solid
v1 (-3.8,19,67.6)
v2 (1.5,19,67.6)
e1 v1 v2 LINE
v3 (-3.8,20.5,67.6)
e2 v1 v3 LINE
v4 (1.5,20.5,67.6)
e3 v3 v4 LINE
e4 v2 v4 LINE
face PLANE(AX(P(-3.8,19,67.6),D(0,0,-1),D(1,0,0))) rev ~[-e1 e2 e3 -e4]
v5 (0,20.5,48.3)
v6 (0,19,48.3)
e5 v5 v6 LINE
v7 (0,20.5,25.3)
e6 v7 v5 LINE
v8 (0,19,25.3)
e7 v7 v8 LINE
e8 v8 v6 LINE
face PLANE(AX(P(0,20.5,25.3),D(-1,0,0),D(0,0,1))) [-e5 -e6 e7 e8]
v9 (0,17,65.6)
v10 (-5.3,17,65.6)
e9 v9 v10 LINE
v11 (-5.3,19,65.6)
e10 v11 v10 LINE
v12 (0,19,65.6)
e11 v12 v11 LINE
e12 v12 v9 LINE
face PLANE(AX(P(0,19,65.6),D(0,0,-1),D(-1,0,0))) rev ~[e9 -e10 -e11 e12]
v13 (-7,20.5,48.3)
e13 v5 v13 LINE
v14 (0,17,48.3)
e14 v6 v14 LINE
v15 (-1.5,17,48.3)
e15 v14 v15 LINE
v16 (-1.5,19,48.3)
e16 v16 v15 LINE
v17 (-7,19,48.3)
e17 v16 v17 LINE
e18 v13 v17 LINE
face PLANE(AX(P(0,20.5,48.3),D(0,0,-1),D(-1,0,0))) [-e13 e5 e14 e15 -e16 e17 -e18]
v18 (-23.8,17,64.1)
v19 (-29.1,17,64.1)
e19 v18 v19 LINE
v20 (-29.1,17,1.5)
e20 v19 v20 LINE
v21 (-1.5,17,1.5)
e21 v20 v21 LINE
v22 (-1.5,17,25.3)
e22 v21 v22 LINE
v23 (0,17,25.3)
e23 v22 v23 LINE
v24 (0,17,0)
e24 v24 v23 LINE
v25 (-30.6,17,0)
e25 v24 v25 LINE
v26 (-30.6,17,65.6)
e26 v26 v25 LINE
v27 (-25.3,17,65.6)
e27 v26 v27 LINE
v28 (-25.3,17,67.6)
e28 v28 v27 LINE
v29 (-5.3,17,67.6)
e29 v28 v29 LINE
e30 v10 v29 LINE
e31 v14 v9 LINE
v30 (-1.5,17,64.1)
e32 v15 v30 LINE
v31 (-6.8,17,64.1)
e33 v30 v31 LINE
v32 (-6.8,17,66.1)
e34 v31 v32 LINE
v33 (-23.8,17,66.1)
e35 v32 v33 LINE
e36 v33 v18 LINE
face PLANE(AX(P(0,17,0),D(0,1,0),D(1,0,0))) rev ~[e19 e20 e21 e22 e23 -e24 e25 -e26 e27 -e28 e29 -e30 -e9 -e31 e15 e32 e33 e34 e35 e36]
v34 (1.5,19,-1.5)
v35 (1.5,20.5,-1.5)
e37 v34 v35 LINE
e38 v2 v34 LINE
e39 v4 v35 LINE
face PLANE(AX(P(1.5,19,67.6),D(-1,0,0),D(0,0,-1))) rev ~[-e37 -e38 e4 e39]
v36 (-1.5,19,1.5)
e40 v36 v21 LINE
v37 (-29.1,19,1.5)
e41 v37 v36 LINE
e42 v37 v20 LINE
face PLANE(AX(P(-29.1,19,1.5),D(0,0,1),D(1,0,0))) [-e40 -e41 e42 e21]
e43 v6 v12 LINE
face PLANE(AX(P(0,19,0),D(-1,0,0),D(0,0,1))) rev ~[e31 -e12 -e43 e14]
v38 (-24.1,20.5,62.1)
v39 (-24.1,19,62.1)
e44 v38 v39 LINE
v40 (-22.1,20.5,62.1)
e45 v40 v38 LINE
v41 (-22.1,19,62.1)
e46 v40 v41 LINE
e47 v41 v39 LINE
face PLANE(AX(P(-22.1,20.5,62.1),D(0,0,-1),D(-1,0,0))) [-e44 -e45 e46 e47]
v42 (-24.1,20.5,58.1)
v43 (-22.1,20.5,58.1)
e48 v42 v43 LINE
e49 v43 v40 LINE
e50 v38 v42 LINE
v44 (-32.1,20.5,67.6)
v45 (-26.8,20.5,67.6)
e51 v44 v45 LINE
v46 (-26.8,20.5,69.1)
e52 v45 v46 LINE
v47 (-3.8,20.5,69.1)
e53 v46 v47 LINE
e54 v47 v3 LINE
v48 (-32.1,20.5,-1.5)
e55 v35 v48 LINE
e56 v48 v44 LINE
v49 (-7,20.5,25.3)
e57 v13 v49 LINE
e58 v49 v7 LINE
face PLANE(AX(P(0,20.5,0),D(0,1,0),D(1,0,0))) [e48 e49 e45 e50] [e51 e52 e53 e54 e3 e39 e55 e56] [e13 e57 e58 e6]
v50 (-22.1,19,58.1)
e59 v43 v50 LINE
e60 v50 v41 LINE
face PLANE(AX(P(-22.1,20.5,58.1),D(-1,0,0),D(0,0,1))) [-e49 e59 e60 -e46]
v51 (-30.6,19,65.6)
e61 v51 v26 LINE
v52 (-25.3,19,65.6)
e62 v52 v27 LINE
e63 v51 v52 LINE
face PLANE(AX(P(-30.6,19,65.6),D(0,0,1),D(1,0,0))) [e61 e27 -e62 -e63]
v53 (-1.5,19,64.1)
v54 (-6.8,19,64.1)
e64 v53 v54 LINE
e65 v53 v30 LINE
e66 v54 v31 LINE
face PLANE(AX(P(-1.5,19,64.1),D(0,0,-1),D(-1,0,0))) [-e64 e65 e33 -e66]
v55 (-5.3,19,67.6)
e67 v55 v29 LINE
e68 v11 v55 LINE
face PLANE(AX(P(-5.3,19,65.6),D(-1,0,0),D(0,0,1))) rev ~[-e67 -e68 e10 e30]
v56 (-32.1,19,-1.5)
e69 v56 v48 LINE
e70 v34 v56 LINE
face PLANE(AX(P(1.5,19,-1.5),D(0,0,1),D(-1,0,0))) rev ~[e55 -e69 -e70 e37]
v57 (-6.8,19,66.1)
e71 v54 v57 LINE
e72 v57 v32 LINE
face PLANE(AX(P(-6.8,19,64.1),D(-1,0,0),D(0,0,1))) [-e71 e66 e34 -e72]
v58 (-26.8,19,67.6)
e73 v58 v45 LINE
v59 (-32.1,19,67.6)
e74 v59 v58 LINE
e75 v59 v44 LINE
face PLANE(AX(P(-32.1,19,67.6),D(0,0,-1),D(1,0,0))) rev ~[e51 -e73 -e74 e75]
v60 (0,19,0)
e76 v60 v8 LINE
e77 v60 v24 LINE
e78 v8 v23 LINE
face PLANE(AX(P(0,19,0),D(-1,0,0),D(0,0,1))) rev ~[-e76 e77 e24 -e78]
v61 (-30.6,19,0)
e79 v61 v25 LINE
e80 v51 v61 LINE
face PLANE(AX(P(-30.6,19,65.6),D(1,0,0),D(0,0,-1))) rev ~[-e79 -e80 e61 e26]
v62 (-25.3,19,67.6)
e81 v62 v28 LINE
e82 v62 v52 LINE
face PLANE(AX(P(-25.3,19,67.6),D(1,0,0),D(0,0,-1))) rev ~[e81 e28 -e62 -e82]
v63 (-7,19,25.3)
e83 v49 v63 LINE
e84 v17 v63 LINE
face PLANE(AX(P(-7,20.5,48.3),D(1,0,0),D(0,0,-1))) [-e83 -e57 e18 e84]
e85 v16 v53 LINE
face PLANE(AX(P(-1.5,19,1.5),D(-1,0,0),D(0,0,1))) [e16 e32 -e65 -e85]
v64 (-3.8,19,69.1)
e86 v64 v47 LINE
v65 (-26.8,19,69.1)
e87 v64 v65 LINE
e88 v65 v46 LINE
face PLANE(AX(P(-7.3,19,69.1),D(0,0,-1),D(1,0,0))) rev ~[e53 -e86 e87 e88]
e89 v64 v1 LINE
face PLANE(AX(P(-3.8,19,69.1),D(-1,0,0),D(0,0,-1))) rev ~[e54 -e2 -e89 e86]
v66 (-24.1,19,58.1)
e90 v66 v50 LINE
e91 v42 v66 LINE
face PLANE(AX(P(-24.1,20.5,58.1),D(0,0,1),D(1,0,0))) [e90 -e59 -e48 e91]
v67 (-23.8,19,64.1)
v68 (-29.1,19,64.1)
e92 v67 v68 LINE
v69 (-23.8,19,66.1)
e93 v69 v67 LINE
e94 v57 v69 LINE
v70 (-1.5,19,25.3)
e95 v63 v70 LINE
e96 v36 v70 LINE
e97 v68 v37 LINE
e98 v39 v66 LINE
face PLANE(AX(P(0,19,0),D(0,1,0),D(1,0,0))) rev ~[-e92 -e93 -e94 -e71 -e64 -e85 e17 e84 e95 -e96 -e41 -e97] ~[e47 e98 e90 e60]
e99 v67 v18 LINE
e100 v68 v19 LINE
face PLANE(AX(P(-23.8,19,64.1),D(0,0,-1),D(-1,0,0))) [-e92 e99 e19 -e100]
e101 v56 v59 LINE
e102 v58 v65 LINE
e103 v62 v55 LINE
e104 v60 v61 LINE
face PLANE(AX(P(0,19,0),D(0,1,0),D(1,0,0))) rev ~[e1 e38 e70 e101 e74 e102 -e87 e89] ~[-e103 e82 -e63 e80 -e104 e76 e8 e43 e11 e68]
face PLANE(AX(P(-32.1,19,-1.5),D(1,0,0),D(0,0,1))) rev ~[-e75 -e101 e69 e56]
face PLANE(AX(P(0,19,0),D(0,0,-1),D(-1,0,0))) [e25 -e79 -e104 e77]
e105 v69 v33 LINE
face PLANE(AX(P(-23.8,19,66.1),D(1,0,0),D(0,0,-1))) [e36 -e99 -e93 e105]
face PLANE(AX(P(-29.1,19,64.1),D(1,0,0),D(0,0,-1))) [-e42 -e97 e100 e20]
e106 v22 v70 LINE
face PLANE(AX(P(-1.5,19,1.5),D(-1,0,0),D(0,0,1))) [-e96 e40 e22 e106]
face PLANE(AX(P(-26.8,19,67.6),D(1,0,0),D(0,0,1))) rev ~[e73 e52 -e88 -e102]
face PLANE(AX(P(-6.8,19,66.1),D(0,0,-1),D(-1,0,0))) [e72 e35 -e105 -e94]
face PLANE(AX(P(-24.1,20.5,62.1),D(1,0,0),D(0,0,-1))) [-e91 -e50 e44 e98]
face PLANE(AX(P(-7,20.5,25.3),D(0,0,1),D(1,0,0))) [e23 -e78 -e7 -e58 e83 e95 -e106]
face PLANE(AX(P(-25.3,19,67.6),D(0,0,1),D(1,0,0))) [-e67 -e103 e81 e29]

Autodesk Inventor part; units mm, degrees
ref_plane "YZ Plane" through (0, 0, 0) normal (1, 0, 0) x (0, 1, 0)
ref_plane "XZ Plane" through (0, 0, 0) normal (0, 1, 0) x (-1, 0, 0)
ref_plane "XY Plane" through (0, 0, 0) normal (0, 0, 1) x (1, 0, 0)
ref_plane "Płaszczyzna konstrukcyjna1" through (0, 19, 0) normal (0, 1, 0) x (1, 0, 0)
sketch "Szkic21" plane through (0, 19, 0) normal (0, 1, 0) x (1, 0, 0)
  line L0 (-5.3, -65.6) -> (-5.3, -67.6) projected
  line L1 (-25.3, -67.6) -> (-5.3, -67.6)
  line L2 (0, -65.6) -> (-5.3, -65.6) projected
  line L3 (-5.3, -67.6) -> (-5.3, -65.6)
  line L4 (-5.3, -65.6) -> (0, -65.6)
  line L5 (0, 0) -> (0, -65.6) projected
  line L6 (0, -65.6) -> (0, 0)
  line L7 (-30.6, -65.6) -> (-30.6, 0) projected
  line L8 (0, 0) -> (-30.6, 0)
  line L9 (-30.6, 0) -> (-30.6, -65.6)
  line L10 (-25.3, -67.6) -> (-25.3, -65.6) projected
  line L11 (-30.6, -65.6) -> (-25.3, -65.6)
  line L12 (-25.3, -65.6) -> (-25.3, -67.6)
  line L13 (-30.6, -65.6) -> (-29.1, -65.6) construction
  line L14 (-29.1, -65.6) -> (-29.1, -64.1) construction
  line L15 (-29.1, -64.1) -> (-30.6, -64.1) construction
  line L16 (-30.6, -64.1) -> (-30.6, -65.6) construction
  line L17 (-30.6, 0) -> (-29.1, 0) construction
  line L18 (-29.1, 0) -> (-29.1, -1.5) construction
  line L19 (-29.1, -1.5) -> (-30.6, -1.5) construction
  line L20 (-30.6, -1.5) -> (-30.6, 0) construction
  line L21 (0, 0) -> (-1.5, 0) construction
  line L22 (-1.5, 0) -> (-1.5, -1.5) construction
  line L23 (-1.5, -1.5) -> (0, -1.5) construction
  line L24 (0, -1.5) -> (0, 0) construction
  line L25 (0, -65.6) -> (-1.5, -65.6) construction
  line L26 (-1.5, -65.6) -> (-1.5, -64.1) construction
  line L27 (-1.5, -64.1) -> (0, -64.1) construction
  line L28 (0, -64.1) -> (0, -65.6) construction
  line L29 (-5.3, -65.6) -> (-6.8, -65.6) construction
  line L30 (-6.8, -65.6) -> (-6.8, -64.1) construction
  line L31 (-6.8, -64.1) -> (-5.3, -64.1) construction
  line L32 (-5.3, -64.1) -> (-5.3, -65.6) construction
  line L33 (-5.3, -67.6) -> (-6.8, -67.6) construction
  line L34 (-6.8, -67.6) -> (-6.8, -66.1) construction
  line L35 (-6.8, -66.1) -> (-5.3, -66.1) construction
  line L36 (-5.3, -66.1) -> (-5.3, -67.6) construction
  line L37 (-21.8, -67.6) -> (-25.3, -67.6) construction
  line L38 (-25.3, -67.6) -> (-23.8, -67.6) construction
  line L39 (-23.8, -67.6) -> (-23.8, -66.1) construction
  line L40 (-23.8, -66.1) -> (-25.3, -66.1) construction
  line L41 (-25.3, -66.1) -> (-25.3, -67.6) construction
  line L42 (-25.3, -65.6) -> (-23.8, -65.6) construction
  line L43 (-23.8, -65.6) -> (-23.8, -64.1) construction
  line L44 (-23.8, -64.1) -> (-25.3, -64.1) construction
  line L45 (-25.3, -64.1) -> (-25.3, -65.6) construction
  line L46 (-29.1, -64.1) -> (-29.1, -1.5)
  line L47 (-29.1, -1.5) -> (-1.5, -1.5)
  line L48 (-1.5, -1.5) -> (-1.5, -64.1)
  line L49 (-1.5, -64.1) -> (-6.8, -64.1)
  line L50 (-6.8, -64.1) -> (-6.8, -66.1)
  line L51 (-6.8, -66.1) -> (-23.8, -66.1)
  line L52 (-23.8, -66.1) -> (-23.8, -64.1)
  line L53 (-23.8, -64.1) -> (-29.1, -64.1)
  dimension "d115" = 1.5
  dimension "d116" = 1.5
  dimension "d117" = 1.5
  dimension "d118" = 1.5
  dimension "d119" = 1.5
  dimension "d120" = 1.5
  dimension "d121" = 1.5
  dimension "d122" = 1.5
  dimension "d123" = 1.5
  dimension "d124" = 1.5
  dimension "d125" = 1.5
  dimension "d126" = 1.5
  dimension "d127" = 1.5
  dimension "d128" = 1.5
  dimension "d129" = 1.5
  dimension "d130" = 1.5
extrude "Wyciągnięcie proste19" add sketch "Szkic21" against normal blind 2
ref_plane "Płaszczyzna konstrukcyjna3" through (0, 19, 0) normal (0, 1, 0) x (1, 0, 0)
sketch "Szkic22" plane through (0, 19, 0) normal (0, 1, 0) x (1, 0, 0)
  line L0 (1.5, -67.6) -> (1.5, 1.5) projected
  line L1 (1.5, -67.6) -> (1.5, 1.5)
  line L2 (1.5, 1.5) -> (-32.1, 1.5) projected
  line L3 (1.5, 1.5) -> (-32.1, 1.5)
  line L4 (-32.1, -67.6) -> (-26.8, -67.6) projected
  line L5 (-32.1, 1.5) -> (-32.1, -67.6)
  line L6 (-32.1, -67.6) -> (-26.8, -67.6)
  line L7 (-26.8, -69.1) -> (-23.3, -69.1) projected
  line L8 (-26.8, -67.6) -> (-26.8, -69.1)
  line L9 (-7.3, -69.1) -> (-3.8, -69.1) projected
  line L10 (-26.8, -69.1) -> (-3.8, -69.1)
  line L11 (-3.8, -69.1) -> (-3.8, -67.6)
  line L12 (-3.8, -67.6) -> (1.5, -67.6) projected
  line L13 (-3.8, -67.6) -> (1.5, -67.6)
  point P0 (0, 0)
extrude "Wyciągnięcie proste20" add sketch "Szkic22" along normal blind 1.5
ref_plane "Płaszczyzna konstrukcyjna2" through (0, 24, 0) normal (0, 1, 0) x (1, 0, 0)
ref_plane "Płaszczyzna konstrukcyjna5" through (0, 24, 0) normal (0, 1, 0) x (1, 0, 0)
ref_plane "Płaszczyzna konstrukcyjna6" through (0, 24, 0) normal (0, 1, 0) x (1, 0, 0)
ref_plane "Płaszczyzna konstrukcyjna4" through (0, 20.5, 0) normal (0, 1, 0) x (1, 0, 0)
sketch "Szkic26" plane through (0, 20.5, 0) normal (0, 1, 0) x (1, 0, 0)
  line L0 (1.5, -67.6) -> (1.5, 1.5) construction
  line L1 (1.5, 1.5) -> (1.5, -0.3) construction
  line L2 (1.5, -0.3) -> (1.5, -25.3) construction
  line L3 (1.5, -0.3) -> (1.5, -48.3) construction
  line L4 (1.5, -48.3) -> (0, -48.3) construction
  line L5 (0, -48.3) -> (-7, -48.3)
  line L6 (-7, -48.3) -> (-7, -25.3)
  line L7 (-7, -25.3) -> (0, -25.3)
  line L8 (0, -25.3) -> (0, -48.3)
  point P0 (0, 0)
  dimension "d146" = 1.8
  dimension "d147" = 25
  dimension "d148" = 48
  dimension "d149" = 7
extrude "Wyciągnięcie proste24" cut sketch "Szkic26" against normal blind 5
sketch "Szkic28" plane through (0, 20.5, 0) normal (0, 1, 0) x (1, 0, 0)
  line L0 (-32.1, -67.6) -> (-26.8, -67.6) construction
  line L1 (-32.1, -67.6) -> (-24.1, -67.6) construction
  line L2 (-24.1, -67.6) -> (-22.1, -67.6) construction
  line L3 (-23.3, -67.6) -> (-7.3, -67.6) construction
  line L4 (-24.1, -67.6) -> (-24.1, -69.1) construction
  line L5 (-26.8, -69.1) -> (-3.8, -69.1) construction
  line L6 (-24.1, -69.1) -> (-24.1, -62.1) construction
  line L7 (-24.1, -62.1) -> (-24.1, -58.1) construction
  line L8 (-24.1, -62.1) -> (-22.1, -62.1) construction
  line L9 (-22.1, -62.1) -> (-24.1, -62.1)
  line L10 (-24.1, -62.1) -> (-24.1, -58.1)
  line L11 (-24.1, -58.1) -> (-22.1, -58.1)
  line L12 (-22.1, -58.1) -> (-22.1, -62.1)
  point P0 (0, 0)
  dimension "d158" = 8
  dimension "d159" = 2
  dimension "d160" = 7
  dimension "d161" = 4
  dimension "d162" = 2
extrude "Wyciągnięcie proste26" cut sketch "Szkic28" against normal blind 10
properties part number "goraczesc2zotworem"
